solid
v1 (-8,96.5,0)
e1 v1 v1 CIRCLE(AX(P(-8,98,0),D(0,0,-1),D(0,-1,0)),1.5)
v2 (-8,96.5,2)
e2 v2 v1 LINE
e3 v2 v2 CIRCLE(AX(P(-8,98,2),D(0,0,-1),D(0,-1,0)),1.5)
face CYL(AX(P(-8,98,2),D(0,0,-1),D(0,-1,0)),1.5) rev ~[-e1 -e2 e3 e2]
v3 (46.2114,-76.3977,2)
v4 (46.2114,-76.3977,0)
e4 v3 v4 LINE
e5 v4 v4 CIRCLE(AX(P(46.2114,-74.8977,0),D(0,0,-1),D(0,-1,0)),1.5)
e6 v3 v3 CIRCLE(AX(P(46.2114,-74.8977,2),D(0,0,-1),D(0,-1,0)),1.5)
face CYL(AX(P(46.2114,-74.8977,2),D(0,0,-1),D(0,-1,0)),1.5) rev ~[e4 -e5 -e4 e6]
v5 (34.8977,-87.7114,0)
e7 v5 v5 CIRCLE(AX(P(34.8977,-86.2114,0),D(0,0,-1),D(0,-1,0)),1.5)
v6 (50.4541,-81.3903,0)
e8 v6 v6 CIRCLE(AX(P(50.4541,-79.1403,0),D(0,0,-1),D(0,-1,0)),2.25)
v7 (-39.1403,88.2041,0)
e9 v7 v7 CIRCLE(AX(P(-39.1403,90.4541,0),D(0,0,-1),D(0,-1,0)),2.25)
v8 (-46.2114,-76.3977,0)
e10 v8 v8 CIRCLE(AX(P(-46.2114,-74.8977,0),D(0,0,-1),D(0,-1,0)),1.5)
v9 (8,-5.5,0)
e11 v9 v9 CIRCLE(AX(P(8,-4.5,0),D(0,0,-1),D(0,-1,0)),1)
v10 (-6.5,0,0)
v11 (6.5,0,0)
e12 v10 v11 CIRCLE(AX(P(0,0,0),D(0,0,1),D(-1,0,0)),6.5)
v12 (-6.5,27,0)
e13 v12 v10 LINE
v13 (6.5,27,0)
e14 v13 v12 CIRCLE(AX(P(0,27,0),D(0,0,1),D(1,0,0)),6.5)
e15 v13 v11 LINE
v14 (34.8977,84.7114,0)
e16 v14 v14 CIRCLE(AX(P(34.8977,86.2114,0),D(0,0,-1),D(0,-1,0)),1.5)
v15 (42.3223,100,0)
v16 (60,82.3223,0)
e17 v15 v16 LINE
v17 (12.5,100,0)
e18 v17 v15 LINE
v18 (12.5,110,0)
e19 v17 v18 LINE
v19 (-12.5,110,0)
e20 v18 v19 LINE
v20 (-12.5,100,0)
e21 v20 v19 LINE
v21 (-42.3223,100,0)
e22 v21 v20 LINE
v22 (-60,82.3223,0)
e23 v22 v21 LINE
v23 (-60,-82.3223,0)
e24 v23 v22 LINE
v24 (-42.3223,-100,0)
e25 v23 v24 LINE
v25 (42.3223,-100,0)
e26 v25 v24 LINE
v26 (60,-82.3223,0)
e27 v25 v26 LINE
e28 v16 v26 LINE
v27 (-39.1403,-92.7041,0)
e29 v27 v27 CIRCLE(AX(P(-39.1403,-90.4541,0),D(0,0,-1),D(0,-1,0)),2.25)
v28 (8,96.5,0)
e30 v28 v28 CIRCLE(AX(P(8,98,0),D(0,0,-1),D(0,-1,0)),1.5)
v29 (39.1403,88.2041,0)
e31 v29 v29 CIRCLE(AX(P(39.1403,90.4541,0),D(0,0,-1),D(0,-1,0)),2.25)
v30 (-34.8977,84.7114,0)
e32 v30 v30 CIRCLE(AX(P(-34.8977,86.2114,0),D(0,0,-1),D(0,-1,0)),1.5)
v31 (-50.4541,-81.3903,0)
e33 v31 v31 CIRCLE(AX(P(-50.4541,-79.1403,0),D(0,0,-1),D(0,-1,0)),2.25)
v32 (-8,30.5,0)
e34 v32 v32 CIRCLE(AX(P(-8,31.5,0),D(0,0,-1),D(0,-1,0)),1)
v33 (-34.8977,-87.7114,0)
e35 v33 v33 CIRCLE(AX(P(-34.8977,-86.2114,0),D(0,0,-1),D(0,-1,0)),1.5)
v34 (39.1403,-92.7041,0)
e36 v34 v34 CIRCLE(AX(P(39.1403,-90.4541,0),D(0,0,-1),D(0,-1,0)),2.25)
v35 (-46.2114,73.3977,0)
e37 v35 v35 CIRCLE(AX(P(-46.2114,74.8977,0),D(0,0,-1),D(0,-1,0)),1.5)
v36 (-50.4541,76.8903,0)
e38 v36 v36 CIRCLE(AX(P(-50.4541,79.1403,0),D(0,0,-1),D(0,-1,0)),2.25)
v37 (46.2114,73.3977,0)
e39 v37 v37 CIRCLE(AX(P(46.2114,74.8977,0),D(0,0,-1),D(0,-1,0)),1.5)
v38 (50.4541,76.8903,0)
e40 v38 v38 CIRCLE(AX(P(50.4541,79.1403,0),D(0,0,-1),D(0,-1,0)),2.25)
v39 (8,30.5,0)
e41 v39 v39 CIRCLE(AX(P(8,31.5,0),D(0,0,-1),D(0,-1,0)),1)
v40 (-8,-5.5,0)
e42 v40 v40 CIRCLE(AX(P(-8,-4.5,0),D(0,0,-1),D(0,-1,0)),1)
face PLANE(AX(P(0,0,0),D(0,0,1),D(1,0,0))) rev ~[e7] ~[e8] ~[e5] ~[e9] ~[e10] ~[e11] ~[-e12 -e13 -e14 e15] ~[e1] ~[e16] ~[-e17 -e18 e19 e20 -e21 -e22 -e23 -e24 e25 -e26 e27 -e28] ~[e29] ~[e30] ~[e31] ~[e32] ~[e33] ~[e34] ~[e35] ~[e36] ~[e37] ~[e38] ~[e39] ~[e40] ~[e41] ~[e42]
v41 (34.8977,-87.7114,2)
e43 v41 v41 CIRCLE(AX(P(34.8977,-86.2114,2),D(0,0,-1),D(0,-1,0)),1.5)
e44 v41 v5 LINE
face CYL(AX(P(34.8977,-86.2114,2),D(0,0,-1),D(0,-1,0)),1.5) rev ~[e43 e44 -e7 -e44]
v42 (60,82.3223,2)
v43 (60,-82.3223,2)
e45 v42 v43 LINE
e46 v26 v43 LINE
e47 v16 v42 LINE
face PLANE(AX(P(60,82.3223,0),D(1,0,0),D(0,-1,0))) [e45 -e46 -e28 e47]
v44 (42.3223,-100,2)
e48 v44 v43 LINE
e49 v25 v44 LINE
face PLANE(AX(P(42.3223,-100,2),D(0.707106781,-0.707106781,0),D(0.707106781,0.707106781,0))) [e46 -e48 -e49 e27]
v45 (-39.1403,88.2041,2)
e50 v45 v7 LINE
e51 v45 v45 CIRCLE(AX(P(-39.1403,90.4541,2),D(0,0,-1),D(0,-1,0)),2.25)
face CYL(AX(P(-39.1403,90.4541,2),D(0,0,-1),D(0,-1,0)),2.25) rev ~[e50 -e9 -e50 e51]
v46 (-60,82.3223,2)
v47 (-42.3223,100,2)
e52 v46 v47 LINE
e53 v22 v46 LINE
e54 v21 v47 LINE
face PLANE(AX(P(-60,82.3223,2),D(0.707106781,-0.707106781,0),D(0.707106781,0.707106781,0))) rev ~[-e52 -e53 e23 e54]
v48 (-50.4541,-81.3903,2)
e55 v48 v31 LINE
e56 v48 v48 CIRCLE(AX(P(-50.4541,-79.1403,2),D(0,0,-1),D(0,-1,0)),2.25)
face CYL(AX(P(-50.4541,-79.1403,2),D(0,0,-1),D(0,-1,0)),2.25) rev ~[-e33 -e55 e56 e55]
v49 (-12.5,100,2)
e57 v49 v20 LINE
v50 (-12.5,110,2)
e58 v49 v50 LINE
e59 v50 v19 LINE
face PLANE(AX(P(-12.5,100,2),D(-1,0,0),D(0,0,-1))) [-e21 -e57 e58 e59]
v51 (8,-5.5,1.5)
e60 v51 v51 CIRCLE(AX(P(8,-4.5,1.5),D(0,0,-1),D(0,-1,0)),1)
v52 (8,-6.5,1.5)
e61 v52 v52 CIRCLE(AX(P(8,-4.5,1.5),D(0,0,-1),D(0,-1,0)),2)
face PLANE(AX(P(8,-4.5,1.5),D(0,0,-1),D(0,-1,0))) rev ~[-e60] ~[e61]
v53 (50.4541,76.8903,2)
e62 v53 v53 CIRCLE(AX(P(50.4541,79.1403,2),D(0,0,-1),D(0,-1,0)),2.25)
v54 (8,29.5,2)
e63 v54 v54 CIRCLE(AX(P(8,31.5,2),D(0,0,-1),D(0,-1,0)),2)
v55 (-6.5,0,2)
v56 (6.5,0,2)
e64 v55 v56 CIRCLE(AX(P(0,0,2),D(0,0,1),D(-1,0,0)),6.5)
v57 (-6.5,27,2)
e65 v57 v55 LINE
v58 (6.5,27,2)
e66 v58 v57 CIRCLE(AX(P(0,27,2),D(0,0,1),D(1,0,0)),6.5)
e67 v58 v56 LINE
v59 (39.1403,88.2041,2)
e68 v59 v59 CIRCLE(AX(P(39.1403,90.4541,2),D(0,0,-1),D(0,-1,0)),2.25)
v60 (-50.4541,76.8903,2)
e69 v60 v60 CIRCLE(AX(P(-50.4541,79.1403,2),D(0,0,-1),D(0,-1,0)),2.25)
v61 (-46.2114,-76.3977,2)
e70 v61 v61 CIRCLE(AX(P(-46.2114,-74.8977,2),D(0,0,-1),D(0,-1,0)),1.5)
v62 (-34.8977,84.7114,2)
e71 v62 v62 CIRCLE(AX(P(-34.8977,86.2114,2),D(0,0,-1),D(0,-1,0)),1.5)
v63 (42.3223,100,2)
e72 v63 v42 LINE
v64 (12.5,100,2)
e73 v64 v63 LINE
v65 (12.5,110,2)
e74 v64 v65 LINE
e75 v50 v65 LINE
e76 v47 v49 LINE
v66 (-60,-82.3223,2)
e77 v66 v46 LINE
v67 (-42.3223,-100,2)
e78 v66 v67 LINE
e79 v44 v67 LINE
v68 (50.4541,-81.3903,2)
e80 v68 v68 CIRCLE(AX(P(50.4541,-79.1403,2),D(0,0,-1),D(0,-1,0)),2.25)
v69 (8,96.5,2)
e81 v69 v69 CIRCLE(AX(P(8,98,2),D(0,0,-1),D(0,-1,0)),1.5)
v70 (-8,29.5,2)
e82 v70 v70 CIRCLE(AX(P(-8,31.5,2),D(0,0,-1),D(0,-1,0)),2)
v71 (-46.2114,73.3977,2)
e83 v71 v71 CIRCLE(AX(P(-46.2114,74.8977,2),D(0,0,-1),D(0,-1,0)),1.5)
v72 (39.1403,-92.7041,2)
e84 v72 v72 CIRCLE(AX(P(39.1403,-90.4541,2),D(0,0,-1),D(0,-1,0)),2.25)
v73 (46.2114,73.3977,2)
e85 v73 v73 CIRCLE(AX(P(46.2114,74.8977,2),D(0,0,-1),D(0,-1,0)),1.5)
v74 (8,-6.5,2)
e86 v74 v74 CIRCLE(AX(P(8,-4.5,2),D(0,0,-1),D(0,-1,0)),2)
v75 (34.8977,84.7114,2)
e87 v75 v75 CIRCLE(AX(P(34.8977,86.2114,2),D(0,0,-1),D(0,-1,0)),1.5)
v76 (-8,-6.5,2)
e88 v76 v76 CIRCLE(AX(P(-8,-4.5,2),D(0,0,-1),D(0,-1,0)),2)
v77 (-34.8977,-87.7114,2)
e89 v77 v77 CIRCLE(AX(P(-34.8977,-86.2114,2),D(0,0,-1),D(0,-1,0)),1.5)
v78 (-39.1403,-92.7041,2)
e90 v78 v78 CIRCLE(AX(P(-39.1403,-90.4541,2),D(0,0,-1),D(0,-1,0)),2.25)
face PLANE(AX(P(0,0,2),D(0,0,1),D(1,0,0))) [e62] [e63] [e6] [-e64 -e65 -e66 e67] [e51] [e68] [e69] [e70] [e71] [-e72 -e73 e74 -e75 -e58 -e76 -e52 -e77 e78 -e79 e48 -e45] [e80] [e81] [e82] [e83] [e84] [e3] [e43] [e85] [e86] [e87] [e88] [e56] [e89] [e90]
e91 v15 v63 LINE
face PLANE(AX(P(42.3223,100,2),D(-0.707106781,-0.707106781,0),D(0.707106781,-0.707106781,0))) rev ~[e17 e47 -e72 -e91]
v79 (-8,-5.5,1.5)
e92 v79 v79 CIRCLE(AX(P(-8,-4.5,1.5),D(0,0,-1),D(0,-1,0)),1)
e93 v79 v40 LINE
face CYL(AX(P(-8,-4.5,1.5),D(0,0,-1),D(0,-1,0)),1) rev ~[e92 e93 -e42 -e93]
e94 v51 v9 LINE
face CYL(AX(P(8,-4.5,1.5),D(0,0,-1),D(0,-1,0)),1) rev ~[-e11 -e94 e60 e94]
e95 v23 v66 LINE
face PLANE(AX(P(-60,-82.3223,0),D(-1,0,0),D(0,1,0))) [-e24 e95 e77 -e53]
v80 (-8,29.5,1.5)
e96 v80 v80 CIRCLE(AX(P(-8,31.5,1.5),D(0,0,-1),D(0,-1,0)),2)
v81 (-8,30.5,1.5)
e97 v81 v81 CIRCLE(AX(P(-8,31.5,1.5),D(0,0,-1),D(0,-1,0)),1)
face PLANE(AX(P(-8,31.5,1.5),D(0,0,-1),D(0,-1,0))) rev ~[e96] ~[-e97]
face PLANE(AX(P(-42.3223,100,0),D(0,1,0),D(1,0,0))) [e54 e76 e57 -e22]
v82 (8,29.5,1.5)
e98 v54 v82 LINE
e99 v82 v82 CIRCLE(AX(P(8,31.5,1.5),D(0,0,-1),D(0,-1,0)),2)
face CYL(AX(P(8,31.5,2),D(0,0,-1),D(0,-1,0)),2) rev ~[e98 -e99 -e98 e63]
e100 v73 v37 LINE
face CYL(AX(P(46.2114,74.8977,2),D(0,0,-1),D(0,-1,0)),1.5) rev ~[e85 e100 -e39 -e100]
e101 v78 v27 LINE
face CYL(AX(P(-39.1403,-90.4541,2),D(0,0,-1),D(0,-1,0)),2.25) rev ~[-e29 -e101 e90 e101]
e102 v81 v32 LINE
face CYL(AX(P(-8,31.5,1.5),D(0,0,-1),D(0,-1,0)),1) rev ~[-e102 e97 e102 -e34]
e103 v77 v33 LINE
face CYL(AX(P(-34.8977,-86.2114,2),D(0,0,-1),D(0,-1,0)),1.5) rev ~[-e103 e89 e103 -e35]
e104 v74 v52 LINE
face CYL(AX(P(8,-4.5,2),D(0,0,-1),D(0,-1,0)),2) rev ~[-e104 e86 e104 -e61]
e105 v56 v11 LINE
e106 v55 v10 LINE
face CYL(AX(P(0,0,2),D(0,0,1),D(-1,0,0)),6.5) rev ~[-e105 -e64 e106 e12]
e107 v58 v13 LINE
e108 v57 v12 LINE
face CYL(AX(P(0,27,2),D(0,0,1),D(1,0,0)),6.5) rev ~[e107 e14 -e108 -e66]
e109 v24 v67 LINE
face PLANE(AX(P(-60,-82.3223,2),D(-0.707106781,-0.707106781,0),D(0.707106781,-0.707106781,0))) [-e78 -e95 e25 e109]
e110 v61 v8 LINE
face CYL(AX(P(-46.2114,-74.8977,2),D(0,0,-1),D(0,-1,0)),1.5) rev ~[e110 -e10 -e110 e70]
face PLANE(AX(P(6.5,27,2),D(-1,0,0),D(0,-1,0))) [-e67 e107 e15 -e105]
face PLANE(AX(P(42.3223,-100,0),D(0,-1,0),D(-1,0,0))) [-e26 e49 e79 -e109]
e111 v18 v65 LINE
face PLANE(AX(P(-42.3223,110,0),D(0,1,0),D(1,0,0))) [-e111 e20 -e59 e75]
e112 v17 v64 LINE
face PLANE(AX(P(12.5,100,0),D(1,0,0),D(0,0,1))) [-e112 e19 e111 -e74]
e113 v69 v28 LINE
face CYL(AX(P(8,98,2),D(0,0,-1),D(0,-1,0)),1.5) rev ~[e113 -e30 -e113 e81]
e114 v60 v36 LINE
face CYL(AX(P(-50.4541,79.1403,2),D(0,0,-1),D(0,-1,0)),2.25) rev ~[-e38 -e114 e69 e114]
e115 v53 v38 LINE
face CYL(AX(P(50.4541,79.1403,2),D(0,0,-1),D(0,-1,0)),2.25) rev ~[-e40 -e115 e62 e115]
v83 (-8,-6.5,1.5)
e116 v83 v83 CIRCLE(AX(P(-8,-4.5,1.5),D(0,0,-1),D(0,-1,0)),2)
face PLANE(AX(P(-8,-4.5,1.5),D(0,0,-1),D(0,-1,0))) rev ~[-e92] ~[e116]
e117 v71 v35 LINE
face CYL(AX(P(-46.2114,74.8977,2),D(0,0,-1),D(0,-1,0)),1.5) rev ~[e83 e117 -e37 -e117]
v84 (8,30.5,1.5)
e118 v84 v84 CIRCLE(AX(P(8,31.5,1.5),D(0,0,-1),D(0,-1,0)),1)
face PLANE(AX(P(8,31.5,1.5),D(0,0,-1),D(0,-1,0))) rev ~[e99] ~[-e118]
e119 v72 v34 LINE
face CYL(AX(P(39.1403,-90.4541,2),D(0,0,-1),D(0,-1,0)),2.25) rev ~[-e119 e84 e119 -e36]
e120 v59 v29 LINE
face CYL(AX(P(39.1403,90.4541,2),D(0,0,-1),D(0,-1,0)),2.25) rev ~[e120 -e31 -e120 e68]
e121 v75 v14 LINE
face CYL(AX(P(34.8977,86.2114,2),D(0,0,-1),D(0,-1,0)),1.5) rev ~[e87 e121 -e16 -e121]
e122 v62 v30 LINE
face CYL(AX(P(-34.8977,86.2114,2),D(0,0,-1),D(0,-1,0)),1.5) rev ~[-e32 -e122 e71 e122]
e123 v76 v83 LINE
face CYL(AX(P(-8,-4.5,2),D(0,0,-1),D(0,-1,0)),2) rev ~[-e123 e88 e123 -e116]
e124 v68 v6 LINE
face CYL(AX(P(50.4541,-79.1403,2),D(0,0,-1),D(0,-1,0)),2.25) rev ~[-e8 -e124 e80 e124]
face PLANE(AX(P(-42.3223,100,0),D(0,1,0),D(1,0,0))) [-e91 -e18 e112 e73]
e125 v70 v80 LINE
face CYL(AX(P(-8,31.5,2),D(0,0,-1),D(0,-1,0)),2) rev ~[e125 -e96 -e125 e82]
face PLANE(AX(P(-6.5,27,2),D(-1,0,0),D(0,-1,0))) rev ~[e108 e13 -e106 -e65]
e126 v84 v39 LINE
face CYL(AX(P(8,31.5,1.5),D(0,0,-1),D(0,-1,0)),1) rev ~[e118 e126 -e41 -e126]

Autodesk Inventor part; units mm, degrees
ref_plane "YZ Plane" through (0, 0, 0) normal (1, 0, 0) x (0, 1, 0)
ref_plane "XZ Plane" through (0, 0, 0) normal (0, 1, 0) x (-1, 0, 0)
ref_plane "XY Plane" through (0, 0, 0) normal (0, 0, 1) x (1, 0, 0)
sketch "スケッチ1" plane through (0, 0, 0) normal (0, 0, 1) x (1, 0, 0)
  line L0 (-60, 100) -> (60, 100)
  line L1 (60, 100) -> (60, -100)
  line L2 (60, -100) -> (-60, -100)
  line L3 (-60, -100) -> (-60, 100)
  line L4 (60, 117.6777) -> (77.6777, 100)
  line L5 (77.6777, 100) -> (60, 82.3223)
  line L6 (60, 82.3223) -> (42.3223, 100)
  line L7 (42.3223, 100) -> (60, 117.6777)
  line L8 (60, -82.3223) -> (77.6777, -100)
  line L9 (77.6777, -100) -> (60, -117.6777)
  line L10 (60, -117.6777) -> (42.3223, -100)
  line L11 (42.3223, -100) -> (60, -82.3223)
  line L12 (-60, -82.3223) -> (-42.3223, -100)
  line L13 (-42.3223, -100) -> (-60, -117.6777)
  line L14 (-60, -117.6777) -> (-77.6777, -100)
  line L15 (-77.6777, -100) -> (-60, -82.3223)
  line L16 (-60, 117.6777) -> (-42.3223, 100)
  line L17 (-42.3223, 100) -> (-60, 82.3223)
  line L18 (-60, 82.3223) -> (-77.6777, 100)
  line L19 (-77.6777, 100) -> (-60, 117.6777)
  point P0 (0, 0)
  dimension "d0" = 200
  dimension "d1" = 100
  dimension "d2" = 120
  dimension "d3" = 60
  dimension "d4" = 12.5
  dimension "d5" = 12.5
  dimension "d6" = 12.5
  dimension "d7" = 12.5
extrude "押し出し1" add sketch "スケッチ1" along normal blind 2
sketch "スケッチ2" plane through (0, 0, 2) normal (0, 0, 1) x (1, 0, 0)
  line L0 (77.6777, 100) -> (60, 82.3223) projected
  line L1 (60, 117.6777) -> (77.6777, 100) projected
  line L2 (42.3223, 100) -> (60, 117.6777) projected
  line L3 (-60, 117.6777) -> (-42.3223, 100) projected
  line L4 (-77.6777, 100) -> (-60, 117.6777) projected
  line L5 (-60, 82.3223) -> (-77.6777, 100) projected
  line L6 (-77.6777, -100) -> (-60, -82.3223) projected
  line L7 (-60, -117.6777) -> (-77.6777, -100) projected
  line L8 (-42.3223, -100) -> (-60, -117.6777) projected
  line L9 (60, -117.6777) -> (42.3223, -100) projected
  line L10 (77.6777, -100) -> (60, -117.6777) projected
  line L11 (60, -82.3223) -> (77.6777, -100) projected
  circle A0 centre (-46.2114, -74.8977) radius 1.5
  circle A1 centre (-34.8977, -86.2114) radius 1.5
  circle A2 centre (34.8977, -86.2114) radius 1.5
  circle A3 centre (46.2114, -74.8977) radius 1.5
  circle A4 centre (46.2114, 74.8977) radius 1.5
  circle A5 centre (34.8977, 86.2114) radius 1.5
  circle A6 centre (-34.8977, 86.2114) radius 1.5
  circle A7 centre (-46.2114, 74.8977) radius 1.5
  point P0 (0, 0)
  dimension "d10" = 3
  dimension "d12" = 40
  dimension "d13" = 40
  dimension "d14" = 4.5
  dimension "d15" = 4.5
  dimension "d16" = 40
  dimension "d17" = 40
  dimension "d18" = 40
  dimension "d19" = 40
  dimension "d20" = 40
  dimension "d21" = 40
  dimension "d22" = 4.5
  dimension "d23" = 4.5
  dimension "d24" = 4.5
  dimension "d25" = 4.5
  dimension "d26" = 4.5
  dimension "d27" = 4.5
hole "穴1" at (34.8977, -86.2114, 2) at (46.2114, -74.8977, 2) at (-34.8977, -86.2114, 2) at (-46.2114, -74.8977, 2) at (34.8977, 86.2114, 2) at (46.2114, 74.8977, 2) at (-46.2114, 74.8977, 2) at (-34.8977, 86.2114, 2) direction (0, 0, -1) diameter 3 end through all
sketch "スケッチ3" plane through (0, 0, 2) normal (0, 0, 1) x (1, 0, 0)
  line L0 (77.6777, 100) -> (60, 82.3223) projected
  line L1 (60, 117.6777) -> (77.6777, 100) projected
  line L2 (42.3223, 100) -> (60, 117.6777) projected
  line L3 (-60, 117.6777) -> (-42.3223, 100) projected
  line L4 (-77.6777, 100) -> (-60, 117.6777) projected
  line L5 (-60, 82.3223) -> (-77.6777, 100) projected
  line L6 (-77.6777, -100) -> (-60, -82.3223) projected
  line L7 (-60, -117.6777) -> (-77.6777, -100) projected
  line L8 (-42.3223, -100) -> (-60, -117.6777) projected
  line L9 (60, -117.6777) -> (42.3223, -100) projected
  line L10 (77.6777, -100) -> (60, -117.6777) projected
  line L11 (60, -82.3223) -> (77.6777, -100) projected
  circle A0 centre (-39.1403, 90.4541) radius 2.25
  circle A1 centre (-50.4541, 79.1403) radius 2.25
  circle A2 centre (-50.4541, -79.1403) radius 2.25
  circle A3 centre (-39.1403, -90.4541) radius 2.25
  circle A4 centre (39.1403, -90.4541) radius 2.25
  circle A5 centre (50.4541, -79.1403) radius 2.25
  circle A6 centre (50.4541, 79.1403) radius 2.25
  circle A7 centre (39.1403, 90.4541) radius 2.25
  point P0 (0, 0)
  dimension "d35" = 4.5
  dimension "d37" = 4.5
  dimension "d38" = 4.5
  dimension "d39" = 34
  dimension "d40" = 34
  dimension "d41" = 4.5
  dimension "d42" = 4.5
  dimension "d43" = 34
  dimension "d44" = 34
  dimension "d45" = 34
  dimension "d46" = 4.5
  dimension "d47" = 4.5
  dimension "d48" = 34
  dimension "d49" = 34
  dimension "d50" = 34
  dimension "d51" = 4.5
  dimension "d52" = 4.5
hole "穴2" at (-50.4541, -79.1403, 2) at (-39.1403, -90.4541, 2) at (39.1403, 90.4541, 2) at (50.4541, 79.1403, 2) at (-50.4541, 79.1403, 2) at (-39.1403, 90.4541, 2) at (39.1403, -90.4541, 2) at (50.4541, -79.1403, 2) direction (0, 0, -1) diameter 4.5 end through all
sketch "スケッチ4" plane through (0, 0, 2) normal (0, 0, 1) x (1, 0, 0)
  line L0 (77.6777, 100) -> (60, 82.3223) projected
  line L1 (60, 117.6777) -> (77.6777, 100) projected
  line L2 (42.3223, 100) -> (60, 117.6777) projected
  line L3 (-60, 117.6777) -> (-42.3223, 100) projected
  line L4 (-77.6777, 100) -> (-60, 117.6777) projected
  line L5 (-60, 82.3223) -> (-77.6777, 100) projected
  line L6 (-77.6777, -100) -> (-60, -82.3223) projected
  line L7 (-60, -117.6777) -> (-77.6777, -100) projected
  line L8 (-42.3223, -100) -> (-60, -117.6777) projected
  line L9 (60, -117.6777) -> (42.3223, -100) projected
  line L10 (77.6777, -100) -> (60, -117.6777) projected
  line L11 (60, -82.3223) -> (77.6777, -100) projected
  line L12 (-60, -82.3223) -> (-42.3223, -100)
  line L13 (42.3223, -100) -> (60, -82.3223)
  line L14 (42.3223, 100) -> (60, 82.3223)
  line L15 (-60, 82.3223) -> (-42.3223, 100)
  point P0 (0, 0)
  dimension "d60" = 25
  dimension "d61" = 25
  dimension "d62" = 25
  dimension "d63" = 25
extrude "押し出し2" cut sketch "スケッチ4" against normal blind 3
sketch "スケッチ6" plane through (-42.3223, 100, 0) normal (0, 1, 0) x (1, 0, 0)
  line L0 (84.6447, 0) -> (0, 0) projected
  line L1 (0, -2) -> (84.6447, -2) projected
  line L2 (29.8223, 0) -> (54.8223, 0)
  line L3 (54.8223, 0) -> (54.8223, -2)
  line L4 (54.8223, -2) -> (29.8223, -2)
  line L5 (29.8223, -2) -> (29.8223, 0)
  point P0 (42.3223, 0)
  dimension "d66" = 25
  dimension "d68" = 12.5
extrude "押し出し3" add sketch "スケッチ6" along normal blind 10
sketch "スケッチ7" plane through (0, 0, 2) normal (0, 0, 1) x (1, 0, 0)
  line L0 (-12.5, 110) -> (12.5, 110) projected
  line L1 (-12.5, 100) -> (-12.5, 110) projected
  circle A0 centre (-8, 98) radius 1.5
  circle A1 centre (8, 98) radius 1.5
  point P0 (0, 0)
  dimension "d71" = 16
  dimension "d72" = 12
  dimension "d73" = 12
  dimension "d74" = 3
  dimension "d75" = 4.5
hole "穴3" at (-8, 98, 2) at (8, 98, 2) direction (0, 0, -1) diameter 3 end through all
sketch "スケッチ10" plane through (0, 0, 2) normal (0, 0, 1) x (1, 0, 0)
  line L0 (42.3223, -100) -> (-42.3223, -100) projected
  line L1 (-60, -82.3223) -> (-60, 82.3223) projected
  arc A0 (6.5, 27) -> (-6.5, 27) centre (0, 27) ccw
  arc A1 (-6.5, 0) -> (6.5, 0) centre (0, 0) ccw
  line L2 (-6.5, 27) -> (-6.5, 0)
  line L3 (6.5, 27) -> (6.5, 0)
  point P0 (0, 0)
  dimension "d116" = 13
  dimension "d118" = 27
  dimension "d119" = 60
  dimension "d120" = 100
  dimension "d121" = 60
  dimension "d122" = 27
extrude "押し出し4" cut sketch "スケッチ10" against normal blind 2
sketch "スケッチ11" plane through (0, 0, 2) normal (0, 0, 1) x (1, 0, 0)
  arc A0 (6.5, 27) -> (-6.5, 27) centre (0, 27) ccw projected
  circle A1 centre (-8, 31.5) radius 1
  circle A2 centre (-8, -4.5) radius 1
  circle A3 centre (8, -4.5) radius 1
  circle A4 centre (8, 31.5) radius 1
  point P0 (0, 0)
  dimension "d125" = 2
  dimension "d127" = 16
  dimension "d128" = 8
  dimension "d129" = 16
  dimension "d130" = 8
  dimension "d131" = 36
  dimension "d132" = 36
  dimension "d133" = 4.5
  dimension "d134" = 4.5
hole "穴6" at (-8, 31.5, 2) at (-8, -4.5, 2) at (8, -4.5, 2) at (8, 31.5, 2) direction (0, 0, -1) diameter 2 depth 2 tip angle 118 counterbore diameter 4 counterbore depth 0.5
equation "\"d33\" = d26"
equation "\"d58\" = d46"
properties material "アルミニウム 6061"
